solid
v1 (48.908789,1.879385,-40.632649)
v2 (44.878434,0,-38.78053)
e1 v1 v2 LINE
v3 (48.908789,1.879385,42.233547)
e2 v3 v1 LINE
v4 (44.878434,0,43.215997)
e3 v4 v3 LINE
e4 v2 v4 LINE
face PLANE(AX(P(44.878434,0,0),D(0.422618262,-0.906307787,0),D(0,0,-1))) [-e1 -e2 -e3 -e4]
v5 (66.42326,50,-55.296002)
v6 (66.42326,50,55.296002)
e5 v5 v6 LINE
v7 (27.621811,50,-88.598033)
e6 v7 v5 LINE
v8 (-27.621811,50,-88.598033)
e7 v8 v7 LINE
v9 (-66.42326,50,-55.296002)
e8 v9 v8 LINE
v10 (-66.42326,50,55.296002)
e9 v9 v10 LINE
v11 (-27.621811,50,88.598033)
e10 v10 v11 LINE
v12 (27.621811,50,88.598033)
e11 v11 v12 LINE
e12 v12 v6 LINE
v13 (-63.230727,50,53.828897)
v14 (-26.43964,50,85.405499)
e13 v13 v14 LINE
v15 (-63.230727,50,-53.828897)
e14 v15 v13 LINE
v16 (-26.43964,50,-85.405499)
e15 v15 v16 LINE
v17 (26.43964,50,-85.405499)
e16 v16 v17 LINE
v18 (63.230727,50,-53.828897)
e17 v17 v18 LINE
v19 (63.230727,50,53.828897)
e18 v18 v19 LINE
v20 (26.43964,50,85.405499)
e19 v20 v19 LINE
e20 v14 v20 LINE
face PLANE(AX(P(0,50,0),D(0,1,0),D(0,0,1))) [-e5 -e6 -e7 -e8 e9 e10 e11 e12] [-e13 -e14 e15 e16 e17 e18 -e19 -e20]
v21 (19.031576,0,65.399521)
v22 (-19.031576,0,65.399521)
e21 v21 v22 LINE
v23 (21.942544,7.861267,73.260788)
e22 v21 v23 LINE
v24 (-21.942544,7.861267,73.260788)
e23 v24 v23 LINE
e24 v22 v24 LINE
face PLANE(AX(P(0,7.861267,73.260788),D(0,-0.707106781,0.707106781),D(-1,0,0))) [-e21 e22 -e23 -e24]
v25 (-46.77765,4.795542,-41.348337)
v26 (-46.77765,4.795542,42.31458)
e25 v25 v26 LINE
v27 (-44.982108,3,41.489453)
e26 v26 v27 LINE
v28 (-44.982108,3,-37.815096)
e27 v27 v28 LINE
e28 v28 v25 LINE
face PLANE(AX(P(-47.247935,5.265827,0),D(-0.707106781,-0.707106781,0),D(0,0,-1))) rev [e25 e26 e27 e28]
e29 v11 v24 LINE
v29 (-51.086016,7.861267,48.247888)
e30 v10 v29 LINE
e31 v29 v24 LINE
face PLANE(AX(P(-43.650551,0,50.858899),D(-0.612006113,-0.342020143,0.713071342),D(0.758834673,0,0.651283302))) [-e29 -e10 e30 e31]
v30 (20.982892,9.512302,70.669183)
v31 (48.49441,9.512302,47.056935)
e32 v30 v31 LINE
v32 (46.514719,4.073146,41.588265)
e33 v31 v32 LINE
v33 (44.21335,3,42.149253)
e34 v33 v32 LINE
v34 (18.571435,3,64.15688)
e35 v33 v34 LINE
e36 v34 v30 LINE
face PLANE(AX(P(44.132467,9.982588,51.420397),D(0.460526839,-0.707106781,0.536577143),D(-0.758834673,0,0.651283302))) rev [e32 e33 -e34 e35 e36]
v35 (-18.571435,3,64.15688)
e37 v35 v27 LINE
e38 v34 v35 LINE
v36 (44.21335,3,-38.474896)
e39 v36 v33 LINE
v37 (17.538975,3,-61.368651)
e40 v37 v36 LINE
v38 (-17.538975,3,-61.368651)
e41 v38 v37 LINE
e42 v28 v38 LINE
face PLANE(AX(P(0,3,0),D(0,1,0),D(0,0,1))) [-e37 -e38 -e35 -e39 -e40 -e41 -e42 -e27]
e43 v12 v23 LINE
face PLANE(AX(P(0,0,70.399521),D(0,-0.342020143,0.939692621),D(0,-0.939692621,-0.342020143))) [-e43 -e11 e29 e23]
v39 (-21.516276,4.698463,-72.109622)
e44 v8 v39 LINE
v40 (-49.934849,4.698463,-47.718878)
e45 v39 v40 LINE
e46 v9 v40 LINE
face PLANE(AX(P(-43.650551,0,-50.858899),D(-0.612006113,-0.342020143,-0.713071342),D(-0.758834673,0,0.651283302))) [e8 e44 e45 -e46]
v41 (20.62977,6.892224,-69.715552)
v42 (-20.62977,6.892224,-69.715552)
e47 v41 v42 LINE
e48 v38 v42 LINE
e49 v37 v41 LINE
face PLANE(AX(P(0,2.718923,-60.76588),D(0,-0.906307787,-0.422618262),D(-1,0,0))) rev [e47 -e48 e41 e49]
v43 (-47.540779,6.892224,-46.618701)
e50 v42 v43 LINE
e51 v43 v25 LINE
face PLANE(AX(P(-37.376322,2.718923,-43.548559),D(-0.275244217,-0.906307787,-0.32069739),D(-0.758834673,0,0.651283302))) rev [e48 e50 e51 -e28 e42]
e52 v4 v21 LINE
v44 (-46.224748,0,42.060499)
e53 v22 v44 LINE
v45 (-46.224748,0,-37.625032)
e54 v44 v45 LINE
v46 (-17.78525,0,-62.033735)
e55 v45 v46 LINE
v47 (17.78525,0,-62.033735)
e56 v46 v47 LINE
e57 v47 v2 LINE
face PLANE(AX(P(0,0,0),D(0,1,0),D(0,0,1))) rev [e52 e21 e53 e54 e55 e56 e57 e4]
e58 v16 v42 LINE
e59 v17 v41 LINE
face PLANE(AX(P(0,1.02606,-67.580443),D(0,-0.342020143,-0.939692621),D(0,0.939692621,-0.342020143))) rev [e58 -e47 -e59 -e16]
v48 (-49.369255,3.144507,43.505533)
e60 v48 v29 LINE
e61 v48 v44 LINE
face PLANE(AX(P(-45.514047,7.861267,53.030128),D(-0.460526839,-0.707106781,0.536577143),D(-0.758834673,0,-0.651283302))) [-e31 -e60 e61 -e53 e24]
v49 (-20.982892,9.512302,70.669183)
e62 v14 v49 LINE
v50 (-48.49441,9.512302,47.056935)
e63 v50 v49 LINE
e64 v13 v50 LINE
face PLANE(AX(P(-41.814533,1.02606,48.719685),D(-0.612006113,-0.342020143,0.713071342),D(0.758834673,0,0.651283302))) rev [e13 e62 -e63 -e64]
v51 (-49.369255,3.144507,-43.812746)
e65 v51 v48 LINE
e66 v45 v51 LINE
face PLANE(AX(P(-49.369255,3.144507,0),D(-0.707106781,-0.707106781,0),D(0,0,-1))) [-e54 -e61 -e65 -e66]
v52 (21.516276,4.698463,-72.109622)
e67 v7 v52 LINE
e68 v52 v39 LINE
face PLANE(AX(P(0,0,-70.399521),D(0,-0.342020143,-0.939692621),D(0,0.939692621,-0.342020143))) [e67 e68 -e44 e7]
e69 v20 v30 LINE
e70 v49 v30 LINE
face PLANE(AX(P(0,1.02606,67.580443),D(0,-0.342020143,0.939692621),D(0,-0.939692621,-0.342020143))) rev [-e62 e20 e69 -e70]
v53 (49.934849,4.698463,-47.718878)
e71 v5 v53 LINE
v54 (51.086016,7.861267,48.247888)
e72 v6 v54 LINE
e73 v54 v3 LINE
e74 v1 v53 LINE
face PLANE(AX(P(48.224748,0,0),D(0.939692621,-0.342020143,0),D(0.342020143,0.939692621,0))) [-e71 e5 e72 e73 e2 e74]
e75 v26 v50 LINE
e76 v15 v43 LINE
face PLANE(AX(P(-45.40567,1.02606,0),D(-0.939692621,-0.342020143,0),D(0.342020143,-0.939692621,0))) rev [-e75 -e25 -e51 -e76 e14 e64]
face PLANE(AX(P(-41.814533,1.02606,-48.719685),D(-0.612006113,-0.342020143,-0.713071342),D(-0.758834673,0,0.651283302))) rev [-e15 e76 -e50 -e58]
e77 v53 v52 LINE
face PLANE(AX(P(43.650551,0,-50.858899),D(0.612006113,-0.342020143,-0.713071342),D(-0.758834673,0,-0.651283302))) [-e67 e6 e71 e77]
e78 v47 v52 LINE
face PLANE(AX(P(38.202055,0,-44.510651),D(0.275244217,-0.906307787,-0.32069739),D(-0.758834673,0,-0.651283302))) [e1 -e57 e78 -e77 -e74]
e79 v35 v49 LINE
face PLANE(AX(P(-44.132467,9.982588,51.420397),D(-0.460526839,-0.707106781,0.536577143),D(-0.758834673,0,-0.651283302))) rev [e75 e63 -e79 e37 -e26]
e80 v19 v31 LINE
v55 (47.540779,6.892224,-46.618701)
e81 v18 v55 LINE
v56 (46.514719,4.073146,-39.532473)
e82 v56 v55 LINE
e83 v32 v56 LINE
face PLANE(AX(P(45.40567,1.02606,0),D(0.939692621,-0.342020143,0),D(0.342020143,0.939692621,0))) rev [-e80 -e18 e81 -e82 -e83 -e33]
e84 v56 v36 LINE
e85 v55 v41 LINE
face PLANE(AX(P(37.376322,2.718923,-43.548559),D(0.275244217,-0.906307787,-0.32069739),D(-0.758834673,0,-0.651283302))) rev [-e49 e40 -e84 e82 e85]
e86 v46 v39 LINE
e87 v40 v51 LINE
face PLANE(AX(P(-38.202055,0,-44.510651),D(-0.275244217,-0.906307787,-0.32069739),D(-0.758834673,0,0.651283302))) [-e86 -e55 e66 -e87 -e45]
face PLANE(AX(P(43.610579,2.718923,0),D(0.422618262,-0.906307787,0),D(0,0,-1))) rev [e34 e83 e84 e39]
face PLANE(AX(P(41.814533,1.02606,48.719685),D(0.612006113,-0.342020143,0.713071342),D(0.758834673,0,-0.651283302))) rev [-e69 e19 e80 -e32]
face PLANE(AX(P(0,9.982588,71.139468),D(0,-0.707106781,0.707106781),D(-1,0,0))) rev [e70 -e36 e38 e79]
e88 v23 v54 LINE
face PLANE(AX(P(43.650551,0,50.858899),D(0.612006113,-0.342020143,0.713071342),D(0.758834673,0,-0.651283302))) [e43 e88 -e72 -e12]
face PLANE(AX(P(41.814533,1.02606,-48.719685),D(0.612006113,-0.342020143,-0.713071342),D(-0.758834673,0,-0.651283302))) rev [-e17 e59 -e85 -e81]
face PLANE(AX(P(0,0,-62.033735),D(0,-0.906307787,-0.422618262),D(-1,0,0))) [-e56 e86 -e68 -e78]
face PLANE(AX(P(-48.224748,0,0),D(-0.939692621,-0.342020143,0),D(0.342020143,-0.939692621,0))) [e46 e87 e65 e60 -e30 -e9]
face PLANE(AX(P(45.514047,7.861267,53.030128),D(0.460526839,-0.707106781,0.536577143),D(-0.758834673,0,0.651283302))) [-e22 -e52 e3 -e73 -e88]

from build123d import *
from OCP.BRepFilletAPI import BRepFilletAPI_MakeChamfer

# Parameters (mm, degrees)
SKETCH1_W           = 96.449496644
SKETCH1_H           = 93.866027984
BOSS_EXTRUDE1_DEPTH = 50
DRAFT1_ANGLE        = 20
CHAMFER1_SIZE       = 5
CHAMFER1_SIZE2      = 8.365785926
CHAMFER2_SIZE       = 2
CHAMFER2_SIZE2      = 3.34631437
SHELL1_T            = -3


with BuildPart() as part:
    # Sketch1 → Boss-Extrude1 (new body)
    with BuildSketch(Plane(origin=(0, 0, 0), x_dir=(1, 0, 0), z_dir=(0, 1, 0))):
        Rectangle(SKETCH1_W, SKETCH1_H)
        Polygon((20.883038336, 70.399520989), (48.224748322, 46.933013992), (-48.224748322, 46.933013992), (-20.883038336, 70.399520989), align=None)
        Polygon((-48.224748322, -46.933013992), (48.224748322, -46.933013992), (20.883038336, -70.399520989), (-20.883038336, -70.399520989), align=None)
    extrude(amount=BOSS_EXTRUDE1_DEPTH)

    # Draft1
    draft1_faces = [part.faces().sort_by_distance(p)[0] for p in [
        (-34.553893329, 25, 58.66626749),
        (-48.224748322, 25, 0),
        (-34.553893329, 25, -58.66626749),
        (0, 25, -70.399520989),
        (34.553893329, 25, -58.66626749),
        (48.224748322, 25, 0),
        (34.553893329, 25, 58.66626749),
        (0, 25, 70.399520989),
    ]]
    draft(draft1_faces, Plane(origin=(0, 0, 0), x_dir=(0, 0, -1), z_dir=(0, -1, 0)), DRAFT1_ANGLE)

    # Chamfer1: one chamfer whose edges measure the first distance from different faces: ONE call of the kernel's chamfer builder (chamfer() names one face for all edges)
    chamfer1_edges_1 = [part.edges().sort_by_distance(p)[0] for p in [
        (0, 0, 70.399520989),
        (-34.553893329, 0, 58.66626749),
        (34.553893329, 0, 58.66626749),
    ]]
    chamfer1_side_1 = [part.faces().sort_by_distance(p)[0] for p in [
        (0, 0, 0),
    ]]
    chamfer1_edges_2 = [part.edges().sort_by_distance(p)[0] for p in [
        (-34.553893329, 0, -58.66626749),
    ]]
    chamfer1_side_2 = [part.faces().sort_by_distance(p)[0] for p in [
        (-41.148260159, 26.443805038, -65.690138569),
    ]]
    chamfer1_edges_3 = [part.edges().sort_by_distance(p)[0] for p in [
        (0, 0, -70.399520989),
    ]]
    chamfer1_side_3 = [part.faces().sort_by_distance(p)[0] for p in [
        (0, 26.157748942, -79.920162999),
    ]]
    chamfer1_edges_4 = [part.edges().sort_by_distance(p)[0] for p in [
        (34.553893329, 0, -58.66626749),
    ]]
    chamfer1_side_4 = [part.faces().sort_by_distance(p)[0] for p in [
        (41.148260159, 26.443805038, -65.690138569),
    ]]
    chamfer1 = BRepFilletAPI_MakeChamfer(part.part.solid().wrapped)
    for e in chamfer1_edges_1:
        chamfer1.Add(CHAMFER1_SIZE, CHAMFER1_SIZE2, e.wrapped, chamfer1_side_1[0].wrapped)  # the first distance lies on this face
    for e in chamfer1_edges_2:
        chamfer1.Add(CHAMFER1_SIZE, CHAMFER1_SIZE2, e.wrapped, chamfer1_side_2[0].wrapped)  # the first distance lies on this face
    for e in chamfer1_edges_3:
        chamfer1.Add(CHAMFER1_SIZE, CHAMFER1_SIZE2, e.wrapped, chamfer1_side_3[0].wrapped)  # the first distance lies on this face
    for e in chamfer1_edges_4:
        chamfer1.Add(CHAMFER1_SIZE, CHAMFER1_SIZE2, e.wrapped, chamfer1_side_4[0].wrapped)  # the first distance lies on this face
    add(Compound.cast(chamfer1.Shape()), mode=Mode.REPLACE)

    # Chamfer2: one chamfer whose edges measure the first distance from different faces: ONE call of the kernel's chamfer builder (chamfer() names one face for all edges)
    chamfer2_edges_1 = [part.edges().sort_by_distance(p)[0] for p in [
        (48.224748322, 0, 2.217733352),
    ]]
    chamfer2_side_1 = [part.faces().sort_by_distance(p)[0] for p in [
        (57.660024046, 25.923206996, -0.008470654),
    ]]
    chamfer2_edges_2 = [part.edges().sort_by_distance(p)[0] for p in [
        (-48.224748322, 0, 2.217733352),
    ]]
    chamfer2_side_2 = [part.faces().sort_by_distance(p)[0] for p in [
        (0, 0, 1.984639343),
    ]]
    chamfer2 = BRepFilletAPI_MakeChamfer(part.part.solid().wrapped)
    for e in chamfer2_edges_1:
        chamfer2.Add(CHAMFER2_SIZE, CHAMFER2_SIZE2, e.wrapped, chamfer2_side_1[0].wrapped)  # the first distance lies on this face
    for e in chamfer2_edges_2:
        chamfer2.Add(CHAMFER2_SIZE, CHAMFER2_SIZE2, e.wrapped, chamfer2_side_2[0].wrapped)  # the first distance lies on this face
    add(Compound.cast(chamfer2.Shape()), mode=Mode.REPLACE)

    # Shell1
    shell1_openings = [part.faces().sort_by_distance(p)[0] for p in [
        (0, 50, 0),
    ]]
    offset(amount=SHELL1_T, openings=shell1_openings, kind=Kind.INTERSECTION)


solid = part.part
